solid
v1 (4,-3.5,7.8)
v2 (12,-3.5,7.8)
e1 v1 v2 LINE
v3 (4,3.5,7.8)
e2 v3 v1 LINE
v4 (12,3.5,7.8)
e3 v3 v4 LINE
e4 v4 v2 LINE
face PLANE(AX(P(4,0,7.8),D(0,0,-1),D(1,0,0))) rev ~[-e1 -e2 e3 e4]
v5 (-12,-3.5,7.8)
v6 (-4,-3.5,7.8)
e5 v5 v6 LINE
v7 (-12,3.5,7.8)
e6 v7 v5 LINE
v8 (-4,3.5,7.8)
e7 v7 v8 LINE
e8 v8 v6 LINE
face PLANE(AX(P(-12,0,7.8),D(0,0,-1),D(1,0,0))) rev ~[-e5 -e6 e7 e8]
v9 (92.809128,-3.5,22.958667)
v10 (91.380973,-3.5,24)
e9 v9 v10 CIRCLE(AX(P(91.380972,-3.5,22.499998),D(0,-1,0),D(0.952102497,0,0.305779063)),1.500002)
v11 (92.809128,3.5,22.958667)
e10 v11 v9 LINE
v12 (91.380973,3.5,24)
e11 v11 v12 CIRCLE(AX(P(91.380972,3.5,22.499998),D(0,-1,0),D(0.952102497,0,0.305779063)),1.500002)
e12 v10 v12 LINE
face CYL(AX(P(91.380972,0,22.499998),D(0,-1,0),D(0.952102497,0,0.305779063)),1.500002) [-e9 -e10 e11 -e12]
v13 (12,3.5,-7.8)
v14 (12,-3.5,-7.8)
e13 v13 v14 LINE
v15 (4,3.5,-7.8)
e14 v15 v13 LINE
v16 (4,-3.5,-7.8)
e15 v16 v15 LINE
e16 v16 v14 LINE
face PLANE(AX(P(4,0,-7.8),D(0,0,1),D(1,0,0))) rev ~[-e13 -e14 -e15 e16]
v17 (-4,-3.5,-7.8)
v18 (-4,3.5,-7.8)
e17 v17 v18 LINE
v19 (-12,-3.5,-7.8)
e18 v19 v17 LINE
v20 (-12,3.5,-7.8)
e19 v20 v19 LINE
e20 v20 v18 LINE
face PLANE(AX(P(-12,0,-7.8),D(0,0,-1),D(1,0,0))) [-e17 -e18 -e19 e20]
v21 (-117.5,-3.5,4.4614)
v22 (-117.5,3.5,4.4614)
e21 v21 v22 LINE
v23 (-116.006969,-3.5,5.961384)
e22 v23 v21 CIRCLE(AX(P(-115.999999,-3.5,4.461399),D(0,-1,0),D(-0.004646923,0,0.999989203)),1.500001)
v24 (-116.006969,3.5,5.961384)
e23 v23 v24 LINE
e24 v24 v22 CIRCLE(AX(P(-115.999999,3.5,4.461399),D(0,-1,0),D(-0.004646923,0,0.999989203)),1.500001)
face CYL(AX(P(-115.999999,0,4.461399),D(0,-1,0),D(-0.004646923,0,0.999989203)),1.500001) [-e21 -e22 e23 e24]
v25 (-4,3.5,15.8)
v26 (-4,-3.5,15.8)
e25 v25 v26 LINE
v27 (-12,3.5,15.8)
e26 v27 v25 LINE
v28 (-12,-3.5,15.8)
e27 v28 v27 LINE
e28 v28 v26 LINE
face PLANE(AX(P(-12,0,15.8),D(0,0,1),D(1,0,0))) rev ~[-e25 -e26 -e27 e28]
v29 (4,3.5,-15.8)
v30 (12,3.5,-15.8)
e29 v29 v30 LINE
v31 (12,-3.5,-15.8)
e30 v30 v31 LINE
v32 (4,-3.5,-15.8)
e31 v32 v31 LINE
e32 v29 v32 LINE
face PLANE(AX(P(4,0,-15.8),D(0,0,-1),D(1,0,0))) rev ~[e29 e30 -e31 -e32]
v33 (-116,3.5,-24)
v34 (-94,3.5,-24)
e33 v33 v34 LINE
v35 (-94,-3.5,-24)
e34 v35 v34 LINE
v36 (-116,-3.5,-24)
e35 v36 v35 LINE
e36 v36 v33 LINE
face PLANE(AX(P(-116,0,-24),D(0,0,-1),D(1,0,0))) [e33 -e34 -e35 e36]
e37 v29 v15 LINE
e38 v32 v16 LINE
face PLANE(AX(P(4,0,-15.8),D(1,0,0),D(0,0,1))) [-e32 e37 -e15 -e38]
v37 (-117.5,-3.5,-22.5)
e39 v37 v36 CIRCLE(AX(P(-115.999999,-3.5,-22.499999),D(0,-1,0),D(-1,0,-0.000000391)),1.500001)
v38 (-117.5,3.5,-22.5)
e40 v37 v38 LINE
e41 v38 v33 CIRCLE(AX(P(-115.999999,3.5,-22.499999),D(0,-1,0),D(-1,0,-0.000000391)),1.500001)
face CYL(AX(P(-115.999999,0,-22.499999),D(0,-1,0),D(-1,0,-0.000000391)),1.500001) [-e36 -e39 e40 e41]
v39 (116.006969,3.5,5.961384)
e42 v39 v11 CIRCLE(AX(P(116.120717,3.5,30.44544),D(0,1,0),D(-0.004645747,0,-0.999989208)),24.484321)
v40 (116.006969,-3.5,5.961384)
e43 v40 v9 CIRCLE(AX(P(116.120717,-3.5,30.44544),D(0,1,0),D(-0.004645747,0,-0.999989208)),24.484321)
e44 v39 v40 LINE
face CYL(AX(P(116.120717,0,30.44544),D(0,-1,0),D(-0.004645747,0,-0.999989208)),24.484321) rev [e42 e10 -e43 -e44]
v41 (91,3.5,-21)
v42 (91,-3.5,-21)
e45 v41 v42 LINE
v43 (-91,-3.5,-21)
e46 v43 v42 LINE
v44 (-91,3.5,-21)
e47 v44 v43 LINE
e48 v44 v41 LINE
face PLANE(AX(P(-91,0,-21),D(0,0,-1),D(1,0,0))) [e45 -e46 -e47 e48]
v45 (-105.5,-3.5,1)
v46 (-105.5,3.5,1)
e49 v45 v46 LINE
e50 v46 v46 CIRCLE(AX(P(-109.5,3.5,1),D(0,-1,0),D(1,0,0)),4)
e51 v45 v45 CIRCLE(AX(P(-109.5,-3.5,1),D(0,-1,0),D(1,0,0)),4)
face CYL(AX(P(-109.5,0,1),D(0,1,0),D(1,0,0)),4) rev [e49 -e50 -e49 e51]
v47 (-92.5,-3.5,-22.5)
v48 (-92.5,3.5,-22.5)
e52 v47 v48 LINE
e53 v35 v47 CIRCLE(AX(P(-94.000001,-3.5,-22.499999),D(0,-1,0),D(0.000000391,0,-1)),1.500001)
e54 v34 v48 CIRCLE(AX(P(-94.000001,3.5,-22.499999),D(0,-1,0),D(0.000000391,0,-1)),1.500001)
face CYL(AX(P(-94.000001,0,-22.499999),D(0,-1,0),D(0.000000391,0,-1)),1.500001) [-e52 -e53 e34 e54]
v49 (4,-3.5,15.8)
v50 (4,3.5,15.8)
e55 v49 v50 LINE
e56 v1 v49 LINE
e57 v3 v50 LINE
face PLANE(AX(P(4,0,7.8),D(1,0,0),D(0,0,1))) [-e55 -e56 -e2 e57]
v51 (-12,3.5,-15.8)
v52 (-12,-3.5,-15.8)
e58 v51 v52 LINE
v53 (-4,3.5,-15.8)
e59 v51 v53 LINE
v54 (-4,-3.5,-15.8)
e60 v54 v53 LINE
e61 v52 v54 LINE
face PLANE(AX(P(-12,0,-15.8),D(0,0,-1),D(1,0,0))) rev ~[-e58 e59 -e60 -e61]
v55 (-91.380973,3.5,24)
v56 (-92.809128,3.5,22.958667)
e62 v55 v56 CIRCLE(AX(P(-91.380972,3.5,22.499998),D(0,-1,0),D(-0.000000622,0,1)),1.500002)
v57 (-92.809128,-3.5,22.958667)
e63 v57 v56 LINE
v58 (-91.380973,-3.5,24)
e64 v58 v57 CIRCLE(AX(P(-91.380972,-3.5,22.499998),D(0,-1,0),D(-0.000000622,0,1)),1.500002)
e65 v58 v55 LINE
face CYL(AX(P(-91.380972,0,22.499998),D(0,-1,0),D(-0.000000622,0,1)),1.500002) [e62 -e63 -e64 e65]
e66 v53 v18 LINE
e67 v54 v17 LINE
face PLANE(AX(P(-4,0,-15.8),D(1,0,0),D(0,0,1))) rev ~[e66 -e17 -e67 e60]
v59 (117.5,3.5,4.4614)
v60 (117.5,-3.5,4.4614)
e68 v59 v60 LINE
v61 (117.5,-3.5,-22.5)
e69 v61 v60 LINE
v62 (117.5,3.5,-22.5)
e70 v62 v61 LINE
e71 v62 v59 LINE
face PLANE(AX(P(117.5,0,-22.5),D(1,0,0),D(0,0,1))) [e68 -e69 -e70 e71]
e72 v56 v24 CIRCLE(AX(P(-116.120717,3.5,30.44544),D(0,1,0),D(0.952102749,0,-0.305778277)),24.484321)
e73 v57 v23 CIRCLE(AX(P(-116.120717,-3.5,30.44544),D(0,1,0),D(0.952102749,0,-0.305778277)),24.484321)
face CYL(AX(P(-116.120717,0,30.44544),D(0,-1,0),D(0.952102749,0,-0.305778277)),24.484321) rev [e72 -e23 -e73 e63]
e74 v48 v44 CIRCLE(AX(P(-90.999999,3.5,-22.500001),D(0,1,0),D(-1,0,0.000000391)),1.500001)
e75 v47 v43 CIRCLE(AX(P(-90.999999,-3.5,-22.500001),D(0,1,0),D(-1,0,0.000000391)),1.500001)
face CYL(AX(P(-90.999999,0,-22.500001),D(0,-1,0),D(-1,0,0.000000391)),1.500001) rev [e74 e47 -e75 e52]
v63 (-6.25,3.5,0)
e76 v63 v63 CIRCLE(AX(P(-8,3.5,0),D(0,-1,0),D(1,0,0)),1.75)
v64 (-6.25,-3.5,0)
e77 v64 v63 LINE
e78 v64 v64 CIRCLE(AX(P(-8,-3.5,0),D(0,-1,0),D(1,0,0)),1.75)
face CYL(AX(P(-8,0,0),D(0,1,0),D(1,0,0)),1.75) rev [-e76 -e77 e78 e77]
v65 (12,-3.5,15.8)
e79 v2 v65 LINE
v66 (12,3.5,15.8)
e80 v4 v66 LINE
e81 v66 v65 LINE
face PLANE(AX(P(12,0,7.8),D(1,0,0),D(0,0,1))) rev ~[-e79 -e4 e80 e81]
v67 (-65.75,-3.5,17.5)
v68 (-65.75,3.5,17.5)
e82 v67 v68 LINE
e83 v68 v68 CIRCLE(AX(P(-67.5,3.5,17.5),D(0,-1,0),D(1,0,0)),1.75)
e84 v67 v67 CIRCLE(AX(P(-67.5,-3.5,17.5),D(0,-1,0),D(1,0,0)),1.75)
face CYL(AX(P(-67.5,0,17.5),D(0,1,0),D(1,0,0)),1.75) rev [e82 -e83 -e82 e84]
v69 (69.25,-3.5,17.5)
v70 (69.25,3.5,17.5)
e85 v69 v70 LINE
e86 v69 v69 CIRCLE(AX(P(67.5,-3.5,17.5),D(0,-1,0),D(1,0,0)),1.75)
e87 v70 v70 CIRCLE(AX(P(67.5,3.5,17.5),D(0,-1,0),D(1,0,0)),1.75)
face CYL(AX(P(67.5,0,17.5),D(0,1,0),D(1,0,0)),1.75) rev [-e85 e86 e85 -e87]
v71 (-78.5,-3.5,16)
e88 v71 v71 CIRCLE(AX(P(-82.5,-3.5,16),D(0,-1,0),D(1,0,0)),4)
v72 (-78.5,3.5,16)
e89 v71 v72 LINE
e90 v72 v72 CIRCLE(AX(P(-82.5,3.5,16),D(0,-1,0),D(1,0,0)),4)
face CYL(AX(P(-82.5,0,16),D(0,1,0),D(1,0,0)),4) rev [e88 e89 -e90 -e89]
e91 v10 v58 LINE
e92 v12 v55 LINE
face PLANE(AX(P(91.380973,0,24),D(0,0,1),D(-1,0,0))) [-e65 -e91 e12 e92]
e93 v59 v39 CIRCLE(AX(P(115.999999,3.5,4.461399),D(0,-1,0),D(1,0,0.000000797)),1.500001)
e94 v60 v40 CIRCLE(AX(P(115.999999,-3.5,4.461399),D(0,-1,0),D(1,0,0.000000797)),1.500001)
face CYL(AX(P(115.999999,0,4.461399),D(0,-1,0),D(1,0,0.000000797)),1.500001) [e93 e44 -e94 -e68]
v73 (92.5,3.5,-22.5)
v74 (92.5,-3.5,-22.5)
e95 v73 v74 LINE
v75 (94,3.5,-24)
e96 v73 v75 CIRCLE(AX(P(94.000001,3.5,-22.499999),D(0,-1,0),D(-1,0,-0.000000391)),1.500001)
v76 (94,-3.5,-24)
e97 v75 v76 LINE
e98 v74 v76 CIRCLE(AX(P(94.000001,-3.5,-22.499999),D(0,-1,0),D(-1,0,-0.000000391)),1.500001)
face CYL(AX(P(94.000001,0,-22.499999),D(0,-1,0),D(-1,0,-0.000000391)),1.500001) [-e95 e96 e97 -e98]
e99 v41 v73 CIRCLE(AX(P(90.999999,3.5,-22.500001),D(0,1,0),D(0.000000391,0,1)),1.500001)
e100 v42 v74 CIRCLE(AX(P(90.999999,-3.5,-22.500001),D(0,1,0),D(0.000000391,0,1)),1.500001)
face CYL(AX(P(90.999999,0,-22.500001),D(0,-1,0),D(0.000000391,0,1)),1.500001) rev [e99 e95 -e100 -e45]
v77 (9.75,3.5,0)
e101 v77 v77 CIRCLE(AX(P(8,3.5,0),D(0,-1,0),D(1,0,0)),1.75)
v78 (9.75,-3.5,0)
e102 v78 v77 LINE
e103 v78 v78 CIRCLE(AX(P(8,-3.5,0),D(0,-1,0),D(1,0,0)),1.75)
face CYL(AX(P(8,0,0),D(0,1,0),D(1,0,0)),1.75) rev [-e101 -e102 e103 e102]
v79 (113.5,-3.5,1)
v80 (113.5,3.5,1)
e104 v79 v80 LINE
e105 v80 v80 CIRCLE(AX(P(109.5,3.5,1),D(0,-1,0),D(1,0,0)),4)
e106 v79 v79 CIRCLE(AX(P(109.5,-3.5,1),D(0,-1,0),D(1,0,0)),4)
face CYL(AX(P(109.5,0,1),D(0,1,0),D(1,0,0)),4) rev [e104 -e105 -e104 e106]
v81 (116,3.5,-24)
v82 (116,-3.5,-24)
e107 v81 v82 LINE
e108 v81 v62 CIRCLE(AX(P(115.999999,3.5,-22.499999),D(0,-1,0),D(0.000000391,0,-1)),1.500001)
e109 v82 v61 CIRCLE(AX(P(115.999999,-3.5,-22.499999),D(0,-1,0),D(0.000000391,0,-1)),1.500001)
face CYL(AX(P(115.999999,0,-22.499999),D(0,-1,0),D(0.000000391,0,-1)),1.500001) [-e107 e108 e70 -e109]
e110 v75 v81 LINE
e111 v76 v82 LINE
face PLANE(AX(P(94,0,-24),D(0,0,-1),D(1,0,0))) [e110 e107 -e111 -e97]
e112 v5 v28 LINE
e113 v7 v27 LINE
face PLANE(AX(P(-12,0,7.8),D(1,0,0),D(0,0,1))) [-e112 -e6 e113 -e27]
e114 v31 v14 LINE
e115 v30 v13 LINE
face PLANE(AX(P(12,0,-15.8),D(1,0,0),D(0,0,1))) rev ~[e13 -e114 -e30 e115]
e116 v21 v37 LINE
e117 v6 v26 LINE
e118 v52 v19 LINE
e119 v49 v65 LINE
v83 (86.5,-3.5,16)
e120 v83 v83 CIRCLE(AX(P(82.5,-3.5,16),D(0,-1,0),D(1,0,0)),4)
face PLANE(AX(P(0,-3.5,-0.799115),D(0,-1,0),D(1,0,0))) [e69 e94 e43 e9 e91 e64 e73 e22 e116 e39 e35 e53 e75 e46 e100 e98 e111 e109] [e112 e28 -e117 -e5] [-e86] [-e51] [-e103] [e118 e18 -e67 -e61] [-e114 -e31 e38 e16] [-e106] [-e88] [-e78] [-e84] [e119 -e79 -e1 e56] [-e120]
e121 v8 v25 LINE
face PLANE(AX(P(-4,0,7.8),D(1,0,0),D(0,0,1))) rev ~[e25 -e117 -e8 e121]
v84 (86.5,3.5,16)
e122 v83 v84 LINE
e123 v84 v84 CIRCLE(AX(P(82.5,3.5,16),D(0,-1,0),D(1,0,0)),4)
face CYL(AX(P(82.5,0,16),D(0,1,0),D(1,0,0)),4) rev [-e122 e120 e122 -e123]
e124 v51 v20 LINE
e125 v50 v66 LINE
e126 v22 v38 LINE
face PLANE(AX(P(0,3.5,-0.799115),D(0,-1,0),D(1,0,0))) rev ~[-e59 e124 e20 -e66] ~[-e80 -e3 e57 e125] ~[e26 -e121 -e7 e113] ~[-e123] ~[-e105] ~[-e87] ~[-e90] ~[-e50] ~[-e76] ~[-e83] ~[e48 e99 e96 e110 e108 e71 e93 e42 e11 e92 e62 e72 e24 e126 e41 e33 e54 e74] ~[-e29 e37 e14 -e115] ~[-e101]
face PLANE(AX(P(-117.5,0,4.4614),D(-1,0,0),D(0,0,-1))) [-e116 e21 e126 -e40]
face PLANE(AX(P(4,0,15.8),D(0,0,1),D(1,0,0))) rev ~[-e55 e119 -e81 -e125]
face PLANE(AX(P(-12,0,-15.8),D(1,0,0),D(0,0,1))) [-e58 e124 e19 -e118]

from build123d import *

# Parameters (mm, degrees)
F1_W     = 8
F1_H     = 8
F1_R     = 4
F1_R_2   = 1.75
F2_DEPTH = 3.5


with BuildPart() as f2:
    # F1 (on Front) → F2 (new body, symmetric)
    with BuildSketch(Plane.XZ):
        with BuildLine():
            ThreePointArc((-92.5, -22.5), (-92.06066, -21.43934), (-91, -21))
            Line((-91, -21), (91, -21))
            ThreePointArc((91, -21), (92.06066, -21.43934), (92.5, -22.5))
            ThreePointArc((92.5, -22.5), (92.93934, -23.56066), (94, -24))
            Line((94, -24), (116, -24))
            ThreePointArc((116, -24), (117.06066, -23.56066), (117.5, -22.5))
            Line((117.5, -22.5), (117.5, 4.4614))
            ThreePointArc((117.5, 4.4614), (117.063121, 5.519593), (116.006969, 5.961384))
            ThreePointArc((116.006969, 5.961384), (101.64959, 10.69529), (92.809128, 22.958667))
            ThreePointArc((92.809128, 22.958667), (92.264715, 23.712023), (91.380973, 24))
            Line((91.380973, 24), (-91.380973, 24))
            ThreePointArc((-91.380973, 24), (-92.264715, 23.712023), (-92.809128, 22.958667))
            ThreePointArc((-92.809128, 22.958667), (-101.64959, 10.69529), (-116.006969, 5.961384))
            ThreePointArc((-116.006969, 5.961384), (-117.063121, 5.519593), (-117.5, 4.4614))
            Line((-117.5, 4.4614), (-117.5, -22.5))
            ThreePointArc((-117.5, -22.5), (-117.06066, -23.56066), (-116, -24))
            Line((-116, -24), (-94, -24))
            ThreePointArc((-94, -24), (-92.93934, -23.56066), (-92.5, -22.5))
        make_face()
        with Locations((-8, -11.8)):
            Rectangle(F1_W, F1_H, mode=Mode.SUBTRACT)
        with Locations((8, -11.8)):
            Rectangle(F1_W, F1_H, mode=Mode.SUBTRACT)
        with Locations((-109.5, 1)):
            Circle(F1_R, mode=Mode.SUBTRACT)
        with Locations((-8, 0)):
            Circle(F1_R_2, mode=Mode.SUBTRACT)
        with Locations((-8, 11.8)):
            Rectangle(F1_W, F1_H, mode=Mode.SUBTRACT)
        with Locations((-82.5, 16)):
            Circle(F1_R, mode=Mode.SUBTRACT)
        with Locations((-67.5, 17.5)):
            Circle(F1_R_2, mode=Mode.SUBTRACT)
        with Locations((8, 0)):
            Circle(F1_R_2, mode=Mode.SUBTRACT)
        with Locations((8, 11.8)):
            Rectangle(F1_W, F1_H, mode=Mode.SUBTRACT)
        with Locations((109.5, 1)):
            Circle(F1_R, mode=Mode.SUBTRACT)
        with Locations((67.5, 17.5)):
            Circle(F1_R_2, mode=Mode.SUBTRACT)
        with Locations((82.5, 16)):
            Circle(F1_R, mode=Mode.SUBTRACT)
    extrude(amount=F2_DEPTH, both=True)


solid = f2.part
